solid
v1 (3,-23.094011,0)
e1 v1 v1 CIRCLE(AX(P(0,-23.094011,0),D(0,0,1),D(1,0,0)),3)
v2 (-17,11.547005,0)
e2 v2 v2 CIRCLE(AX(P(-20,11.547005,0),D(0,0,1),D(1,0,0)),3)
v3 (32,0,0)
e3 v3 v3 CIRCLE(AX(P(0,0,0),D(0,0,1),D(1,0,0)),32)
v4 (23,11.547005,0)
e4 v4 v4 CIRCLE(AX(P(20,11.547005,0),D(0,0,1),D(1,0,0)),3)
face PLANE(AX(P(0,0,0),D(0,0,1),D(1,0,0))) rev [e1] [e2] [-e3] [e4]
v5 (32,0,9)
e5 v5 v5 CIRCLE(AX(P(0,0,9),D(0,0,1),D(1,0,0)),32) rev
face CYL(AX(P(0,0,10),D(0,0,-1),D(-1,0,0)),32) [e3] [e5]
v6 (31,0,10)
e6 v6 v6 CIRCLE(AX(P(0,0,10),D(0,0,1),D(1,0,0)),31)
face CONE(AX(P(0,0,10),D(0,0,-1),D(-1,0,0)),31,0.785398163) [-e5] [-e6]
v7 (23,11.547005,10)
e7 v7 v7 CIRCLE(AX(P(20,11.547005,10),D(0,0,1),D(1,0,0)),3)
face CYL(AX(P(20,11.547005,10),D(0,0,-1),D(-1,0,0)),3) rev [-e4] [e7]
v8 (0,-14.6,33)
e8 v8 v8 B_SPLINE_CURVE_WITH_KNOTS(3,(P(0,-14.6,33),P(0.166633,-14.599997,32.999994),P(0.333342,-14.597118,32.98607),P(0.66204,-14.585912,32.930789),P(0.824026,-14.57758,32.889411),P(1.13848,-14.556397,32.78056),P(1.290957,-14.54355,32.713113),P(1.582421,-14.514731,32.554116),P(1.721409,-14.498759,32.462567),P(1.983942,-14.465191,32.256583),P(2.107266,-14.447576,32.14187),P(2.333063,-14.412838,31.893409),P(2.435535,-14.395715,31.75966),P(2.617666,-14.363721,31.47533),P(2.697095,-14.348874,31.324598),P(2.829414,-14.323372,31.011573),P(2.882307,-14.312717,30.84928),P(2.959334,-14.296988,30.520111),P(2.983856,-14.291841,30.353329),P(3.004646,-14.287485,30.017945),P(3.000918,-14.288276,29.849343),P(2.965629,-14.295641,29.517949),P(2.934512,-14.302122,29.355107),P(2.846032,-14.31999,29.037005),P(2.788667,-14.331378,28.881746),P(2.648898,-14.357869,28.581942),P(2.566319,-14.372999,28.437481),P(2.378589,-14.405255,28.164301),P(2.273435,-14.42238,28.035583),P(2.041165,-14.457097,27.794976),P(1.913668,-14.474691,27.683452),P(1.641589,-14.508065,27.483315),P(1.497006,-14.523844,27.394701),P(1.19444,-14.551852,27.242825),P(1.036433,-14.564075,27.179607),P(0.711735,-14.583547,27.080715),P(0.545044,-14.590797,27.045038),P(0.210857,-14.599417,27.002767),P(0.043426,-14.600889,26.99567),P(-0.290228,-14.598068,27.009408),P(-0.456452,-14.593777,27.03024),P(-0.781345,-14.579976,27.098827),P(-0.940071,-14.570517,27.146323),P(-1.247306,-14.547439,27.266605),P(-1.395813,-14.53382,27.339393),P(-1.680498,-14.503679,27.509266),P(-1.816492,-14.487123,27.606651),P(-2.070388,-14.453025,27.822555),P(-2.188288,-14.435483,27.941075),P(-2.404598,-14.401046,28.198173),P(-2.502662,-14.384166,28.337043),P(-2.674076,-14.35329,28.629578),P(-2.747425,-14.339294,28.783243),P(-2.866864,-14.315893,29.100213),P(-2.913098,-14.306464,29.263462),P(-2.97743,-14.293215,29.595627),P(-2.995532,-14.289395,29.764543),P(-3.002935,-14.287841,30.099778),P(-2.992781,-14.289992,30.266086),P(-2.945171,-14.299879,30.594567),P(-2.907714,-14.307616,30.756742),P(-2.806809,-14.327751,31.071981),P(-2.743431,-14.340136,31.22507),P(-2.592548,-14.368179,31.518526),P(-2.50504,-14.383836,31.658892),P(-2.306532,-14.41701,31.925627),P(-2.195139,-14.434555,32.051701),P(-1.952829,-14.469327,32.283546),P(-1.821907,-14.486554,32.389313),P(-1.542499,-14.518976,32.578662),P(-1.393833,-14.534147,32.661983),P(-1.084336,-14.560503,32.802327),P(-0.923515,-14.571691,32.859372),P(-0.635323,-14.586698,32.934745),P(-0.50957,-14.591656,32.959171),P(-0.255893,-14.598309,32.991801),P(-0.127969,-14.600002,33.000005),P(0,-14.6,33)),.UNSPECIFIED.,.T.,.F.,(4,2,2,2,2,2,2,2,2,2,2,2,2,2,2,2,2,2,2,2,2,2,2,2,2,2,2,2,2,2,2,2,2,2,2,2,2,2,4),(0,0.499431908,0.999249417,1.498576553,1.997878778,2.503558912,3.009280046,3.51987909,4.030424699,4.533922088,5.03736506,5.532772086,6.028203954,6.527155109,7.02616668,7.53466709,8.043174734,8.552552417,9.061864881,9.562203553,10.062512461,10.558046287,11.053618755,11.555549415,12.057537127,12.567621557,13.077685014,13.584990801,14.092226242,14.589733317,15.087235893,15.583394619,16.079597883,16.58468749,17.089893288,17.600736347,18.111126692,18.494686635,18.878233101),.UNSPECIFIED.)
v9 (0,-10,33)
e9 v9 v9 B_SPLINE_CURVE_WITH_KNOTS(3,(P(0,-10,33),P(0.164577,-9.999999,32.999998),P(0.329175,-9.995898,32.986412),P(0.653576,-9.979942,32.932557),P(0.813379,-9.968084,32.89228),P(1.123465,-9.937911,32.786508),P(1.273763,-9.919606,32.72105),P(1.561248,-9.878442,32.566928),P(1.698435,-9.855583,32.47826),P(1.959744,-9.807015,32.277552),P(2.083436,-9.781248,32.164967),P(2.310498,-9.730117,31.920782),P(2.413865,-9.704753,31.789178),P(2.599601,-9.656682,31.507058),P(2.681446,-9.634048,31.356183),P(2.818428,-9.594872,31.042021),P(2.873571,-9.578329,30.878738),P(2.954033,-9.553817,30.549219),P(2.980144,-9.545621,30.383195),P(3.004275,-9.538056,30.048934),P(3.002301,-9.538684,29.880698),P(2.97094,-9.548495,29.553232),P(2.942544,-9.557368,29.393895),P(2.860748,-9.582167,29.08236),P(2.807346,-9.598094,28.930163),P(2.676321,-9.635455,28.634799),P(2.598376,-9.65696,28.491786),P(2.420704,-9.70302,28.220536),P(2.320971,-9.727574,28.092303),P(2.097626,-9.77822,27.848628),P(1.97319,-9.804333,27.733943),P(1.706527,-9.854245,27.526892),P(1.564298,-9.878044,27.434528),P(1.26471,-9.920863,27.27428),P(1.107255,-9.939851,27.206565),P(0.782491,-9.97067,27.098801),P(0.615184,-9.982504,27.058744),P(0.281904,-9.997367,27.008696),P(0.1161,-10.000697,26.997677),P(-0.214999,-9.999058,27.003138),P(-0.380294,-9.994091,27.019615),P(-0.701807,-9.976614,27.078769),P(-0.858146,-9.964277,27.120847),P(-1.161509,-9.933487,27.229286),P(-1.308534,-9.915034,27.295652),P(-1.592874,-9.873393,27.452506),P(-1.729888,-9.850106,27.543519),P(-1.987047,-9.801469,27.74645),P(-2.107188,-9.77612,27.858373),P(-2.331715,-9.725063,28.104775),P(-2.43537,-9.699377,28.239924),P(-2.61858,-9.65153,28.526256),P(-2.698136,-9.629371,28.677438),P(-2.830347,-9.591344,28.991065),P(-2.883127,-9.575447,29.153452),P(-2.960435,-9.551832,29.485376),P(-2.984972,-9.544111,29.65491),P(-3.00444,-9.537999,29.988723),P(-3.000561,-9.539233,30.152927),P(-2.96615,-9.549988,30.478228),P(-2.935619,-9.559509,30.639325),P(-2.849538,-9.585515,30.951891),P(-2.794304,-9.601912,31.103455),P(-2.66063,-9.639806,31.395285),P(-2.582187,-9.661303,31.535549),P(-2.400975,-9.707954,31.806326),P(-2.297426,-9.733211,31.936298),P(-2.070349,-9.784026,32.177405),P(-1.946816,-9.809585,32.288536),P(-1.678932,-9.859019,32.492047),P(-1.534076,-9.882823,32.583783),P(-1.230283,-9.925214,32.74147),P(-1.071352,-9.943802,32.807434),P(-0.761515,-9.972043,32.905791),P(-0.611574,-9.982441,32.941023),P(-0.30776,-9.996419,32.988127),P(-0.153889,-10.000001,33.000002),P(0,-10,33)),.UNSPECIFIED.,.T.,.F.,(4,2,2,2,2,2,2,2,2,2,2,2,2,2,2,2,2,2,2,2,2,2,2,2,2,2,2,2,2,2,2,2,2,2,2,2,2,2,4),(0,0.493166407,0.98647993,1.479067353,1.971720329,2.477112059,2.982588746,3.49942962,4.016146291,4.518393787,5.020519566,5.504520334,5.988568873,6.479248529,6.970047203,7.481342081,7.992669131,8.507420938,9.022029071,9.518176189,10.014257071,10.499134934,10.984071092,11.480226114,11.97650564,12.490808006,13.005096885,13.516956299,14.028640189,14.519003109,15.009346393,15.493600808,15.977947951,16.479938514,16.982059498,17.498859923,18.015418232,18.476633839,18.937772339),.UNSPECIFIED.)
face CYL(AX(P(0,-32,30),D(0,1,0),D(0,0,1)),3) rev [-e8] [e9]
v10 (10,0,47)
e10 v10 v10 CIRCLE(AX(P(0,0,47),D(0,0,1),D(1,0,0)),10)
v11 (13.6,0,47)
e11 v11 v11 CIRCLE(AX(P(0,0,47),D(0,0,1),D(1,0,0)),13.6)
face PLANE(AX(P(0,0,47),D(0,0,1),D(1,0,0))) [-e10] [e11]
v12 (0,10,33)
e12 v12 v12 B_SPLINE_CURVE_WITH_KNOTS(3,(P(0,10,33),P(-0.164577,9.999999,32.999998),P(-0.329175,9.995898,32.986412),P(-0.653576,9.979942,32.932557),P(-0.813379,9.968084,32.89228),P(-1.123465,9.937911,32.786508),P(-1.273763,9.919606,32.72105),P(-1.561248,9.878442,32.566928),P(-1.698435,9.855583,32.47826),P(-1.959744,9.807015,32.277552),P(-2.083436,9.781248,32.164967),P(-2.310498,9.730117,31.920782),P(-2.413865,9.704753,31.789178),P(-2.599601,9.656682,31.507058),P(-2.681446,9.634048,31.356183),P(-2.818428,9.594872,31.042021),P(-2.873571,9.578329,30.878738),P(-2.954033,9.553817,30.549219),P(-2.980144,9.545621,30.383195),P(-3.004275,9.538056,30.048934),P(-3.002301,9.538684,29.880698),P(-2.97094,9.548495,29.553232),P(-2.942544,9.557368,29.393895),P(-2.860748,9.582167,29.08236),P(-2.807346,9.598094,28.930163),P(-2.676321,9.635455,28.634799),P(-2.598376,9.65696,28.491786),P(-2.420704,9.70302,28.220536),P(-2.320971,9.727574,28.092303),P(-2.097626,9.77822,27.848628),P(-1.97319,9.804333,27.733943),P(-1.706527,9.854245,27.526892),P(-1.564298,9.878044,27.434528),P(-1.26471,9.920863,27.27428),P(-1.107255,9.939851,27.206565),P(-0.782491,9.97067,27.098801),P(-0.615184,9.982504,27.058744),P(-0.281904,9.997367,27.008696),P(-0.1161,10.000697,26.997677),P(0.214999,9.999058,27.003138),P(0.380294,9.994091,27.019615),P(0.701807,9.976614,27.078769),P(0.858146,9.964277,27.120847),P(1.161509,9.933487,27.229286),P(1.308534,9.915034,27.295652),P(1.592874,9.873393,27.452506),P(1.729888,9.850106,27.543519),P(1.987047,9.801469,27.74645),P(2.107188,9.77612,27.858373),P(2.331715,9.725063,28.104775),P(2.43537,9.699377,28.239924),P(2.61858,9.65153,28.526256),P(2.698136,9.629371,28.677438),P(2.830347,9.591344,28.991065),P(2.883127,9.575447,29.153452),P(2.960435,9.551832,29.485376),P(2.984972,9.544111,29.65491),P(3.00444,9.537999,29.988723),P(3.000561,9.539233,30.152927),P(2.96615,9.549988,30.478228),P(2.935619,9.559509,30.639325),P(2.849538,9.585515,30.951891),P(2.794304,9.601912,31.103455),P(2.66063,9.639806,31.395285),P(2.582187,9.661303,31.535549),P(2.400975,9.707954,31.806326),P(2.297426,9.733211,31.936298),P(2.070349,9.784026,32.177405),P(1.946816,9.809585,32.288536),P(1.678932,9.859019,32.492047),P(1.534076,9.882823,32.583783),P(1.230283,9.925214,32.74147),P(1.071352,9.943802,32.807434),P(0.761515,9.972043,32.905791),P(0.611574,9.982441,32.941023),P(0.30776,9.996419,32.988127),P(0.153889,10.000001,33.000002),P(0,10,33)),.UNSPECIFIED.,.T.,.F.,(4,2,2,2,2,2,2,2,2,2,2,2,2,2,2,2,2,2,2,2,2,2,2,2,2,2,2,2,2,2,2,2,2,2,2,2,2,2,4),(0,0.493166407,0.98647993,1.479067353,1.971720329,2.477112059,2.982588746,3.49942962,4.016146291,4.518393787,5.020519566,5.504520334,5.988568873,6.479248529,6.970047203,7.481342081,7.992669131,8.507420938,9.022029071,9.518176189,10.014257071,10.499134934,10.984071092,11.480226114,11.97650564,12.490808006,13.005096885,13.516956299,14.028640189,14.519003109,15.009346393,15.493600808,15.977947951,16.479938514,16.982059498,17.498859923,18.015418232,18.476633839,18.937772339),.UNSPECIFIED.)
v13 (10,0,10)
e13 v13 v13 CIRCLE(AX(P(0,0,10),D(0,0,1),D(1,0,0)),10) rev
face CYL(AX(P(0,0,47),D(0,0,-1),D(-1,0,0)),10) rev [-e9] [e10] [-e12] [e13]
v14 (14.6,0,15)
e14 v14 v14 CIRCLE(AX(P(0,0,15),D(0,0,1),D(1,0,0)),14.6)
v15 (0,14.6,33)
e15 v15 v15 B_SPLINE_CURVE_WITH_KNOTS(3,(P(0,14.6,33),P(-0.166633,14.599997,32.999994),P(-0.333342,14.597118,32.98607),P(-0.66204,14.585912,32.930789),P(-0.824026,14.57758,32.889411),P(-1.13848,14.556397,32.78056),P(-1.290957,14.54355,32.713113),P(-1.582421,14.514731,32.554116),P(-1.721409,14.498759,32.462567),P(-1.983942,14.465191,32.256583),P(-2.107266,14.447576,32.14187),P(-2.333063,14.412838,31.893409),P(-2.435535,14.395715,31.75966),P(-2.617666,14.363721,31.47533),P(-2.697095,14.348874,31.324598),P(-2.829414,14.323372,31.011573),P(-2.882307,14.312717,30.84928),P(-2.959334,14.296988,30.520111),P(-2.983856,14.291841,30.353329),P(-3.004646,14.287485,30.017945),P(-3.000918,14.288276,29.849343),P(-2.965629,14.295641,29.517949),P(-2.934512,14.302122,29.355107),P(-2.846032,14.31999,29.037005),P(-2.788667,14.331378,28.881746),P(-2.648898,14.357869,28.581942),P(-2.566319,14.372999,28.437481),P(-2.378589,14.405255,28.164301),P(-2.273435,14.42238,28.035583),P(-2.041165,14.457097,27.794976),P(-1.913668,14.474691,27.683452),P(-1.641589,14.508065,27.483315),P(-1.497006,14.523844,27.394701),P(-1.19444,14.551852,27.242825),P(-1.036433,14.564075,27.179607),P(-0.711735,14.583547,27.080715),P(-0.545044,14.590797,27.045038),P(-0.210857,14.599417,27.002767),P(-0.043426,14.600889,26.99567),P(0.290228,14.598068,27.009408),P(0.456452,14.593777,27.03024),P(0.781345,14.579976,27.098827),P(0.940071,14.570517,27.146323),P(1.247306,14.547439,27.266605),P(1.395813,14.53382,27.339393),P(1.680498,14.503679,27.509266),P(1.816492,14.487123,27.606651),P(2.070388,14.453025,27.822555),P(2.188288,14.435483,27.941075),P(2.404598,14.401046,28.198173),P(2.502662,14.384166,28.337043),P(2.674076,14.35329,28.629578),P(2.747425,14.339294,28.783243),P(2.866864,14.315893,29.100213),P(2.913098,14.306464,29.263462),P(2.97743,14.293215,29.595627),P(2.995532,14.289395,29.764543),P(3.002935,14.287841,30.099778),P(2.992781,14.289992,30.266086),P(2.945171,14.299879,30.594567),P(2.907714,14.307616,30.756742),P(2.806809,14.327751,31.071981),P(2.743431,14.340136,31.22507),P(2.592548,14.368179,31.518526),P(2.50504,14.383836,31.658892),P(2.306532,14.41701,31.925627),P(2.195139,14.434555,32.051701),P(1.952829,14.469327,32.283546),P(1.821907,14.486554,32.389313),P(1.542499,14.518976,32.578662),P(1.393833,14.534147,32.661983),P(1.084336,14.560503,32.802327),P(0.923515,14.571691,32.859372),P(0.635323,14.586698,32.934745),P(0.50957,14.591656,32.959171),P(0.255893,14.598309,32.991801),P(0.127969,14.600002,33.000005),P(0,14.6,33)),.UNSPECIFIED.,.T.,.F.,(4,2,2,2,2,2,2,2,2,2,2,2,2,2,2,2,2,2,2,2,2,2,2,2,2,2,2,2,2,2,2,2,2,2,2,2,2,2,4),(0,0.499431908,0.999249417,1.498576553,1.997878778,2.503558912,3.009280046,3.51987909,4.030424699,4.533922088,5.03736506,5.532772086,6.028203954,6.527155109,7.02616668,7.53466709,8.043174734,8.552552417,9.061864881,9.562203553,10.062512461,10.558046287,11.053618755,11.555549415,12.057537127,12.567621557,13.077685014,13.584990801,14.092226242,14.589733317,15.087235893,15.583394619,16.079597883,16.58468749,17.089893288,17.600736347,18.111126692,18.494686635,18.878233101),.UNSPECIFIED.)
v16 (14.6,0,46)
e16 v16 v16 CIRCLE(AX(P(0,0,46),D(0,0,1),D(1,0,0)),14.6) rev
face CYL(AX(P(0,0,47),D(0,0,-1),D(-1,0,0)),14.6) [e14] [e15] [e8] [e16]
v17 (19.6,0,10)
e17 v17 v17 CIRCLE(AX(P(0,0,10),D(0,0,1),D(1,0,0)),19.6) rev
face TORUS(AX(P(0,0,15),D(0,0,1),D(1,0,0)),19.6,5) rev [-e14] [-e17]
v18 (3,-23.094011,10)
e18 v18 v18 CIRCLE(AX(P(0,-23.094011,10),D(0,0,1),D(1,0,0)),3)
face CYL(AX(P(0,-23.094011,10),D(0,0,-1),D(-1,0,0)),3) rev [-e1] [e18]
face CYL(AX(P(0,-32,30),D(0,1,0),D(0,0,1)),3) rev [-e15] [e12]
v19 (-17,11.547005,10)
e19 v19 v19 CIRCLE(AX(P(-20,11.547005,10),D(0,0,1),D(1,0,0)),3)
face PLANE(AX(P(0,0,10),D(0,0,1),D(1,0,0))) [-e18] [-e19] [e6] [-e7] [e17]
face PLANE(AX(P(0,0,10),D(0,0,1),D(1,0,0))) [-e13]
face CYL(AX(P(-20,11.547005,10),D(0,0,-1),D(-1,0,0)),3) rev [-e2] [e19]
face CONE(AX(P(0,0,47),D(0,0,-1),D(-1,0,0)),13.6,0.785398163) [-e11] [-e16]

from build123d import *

# Parameters (mm, degrees)
SKETCH1_R               = 32
SKETCH1_R_2             = 3
BOSS_EXTRUDE1_DEPTH     = 10
SKETCH2_R               = 14.6
SKETCH2_R_2             = 10
BOSS_EXTRUDE2_DEPTH     = 37
CUT_EXTRUDE1_DEPTH      = 66.245689513
CUT_EXTRUDE1_DEPTH_BACK = 66.245689513
SKETCH3_R               = 3
FILLET_1_R              = 5
CHAMFER_1_SIZE          = 1


with BuildPart() as part:
    # Sketch1 → Boss-Extrude1 (new body)
    with BuildSketch(Plane.XY):
        Circle(SKETCH1_R)
        with Locations((20, 11.547005384)):
            Circle(SKETCH1_R_2, mode=Mode.SUBTRACT)
        with Locations((0, -23.094010768)):
            Circle(SKETCH1_R_2, mode=Mode.SUBTRACT)
        with Locations((-20, 11.547005384)):
            Circle(SKETCH1_R_2, mode=Mode.SUBTRACT)
    extrude(amount=BOSS_EXTRUDE1_DEPTH)

    # Sketch2 → Boss-Extrude2 (add)
    with BuildSketch(Plane.XY.offset(10)):
        Circle(SKETCH2_R)
        Circle(SKETCH2_R_2, mode=Mode.SUBTRACT)
    extrude(amount=BOSS_EXTRUDE2_DEPTH)

    # Sketch3 → Cut-Extrude1 (cut, two sides: drawn at the far end of the back side and taken through both)
    with BuildSketch(Plane(origin=(0, 0, 0), x_dir=(1, 0, 0), z_dir=(0, 1, 0)).offset(-CUT_EXTRUDE1_DEPTH_BACK)):
        with Locations(Location((0, -30, 0), (0, 0, 270))):
            Circle(SKETCH3_R)
    extrude(amount=CUT_EXTRUDE1_DEPTH + CUT_EXTRUDE1_DEPTH_BACK, mode=Mode.SUBTRACT)

    # 圆角1
    fillet_1_edges = [part.edges().sort_by_distance(p)[0] for p in [
        (-14.6, 0, 10),
    ]]
    fillet(fillet_1_edges, radius=FILLET_1_R)

    # 倒角1
    chamfer_1_edges = [part.edges().sort_by_distance(p)[0] for p in [
        (-14.6, 0, 47),
        (-32, 0, 10),
    ]]
    chamfer(chamfer_1_edges, length=CHAMFER_1_SIZE)


solid = part.part
